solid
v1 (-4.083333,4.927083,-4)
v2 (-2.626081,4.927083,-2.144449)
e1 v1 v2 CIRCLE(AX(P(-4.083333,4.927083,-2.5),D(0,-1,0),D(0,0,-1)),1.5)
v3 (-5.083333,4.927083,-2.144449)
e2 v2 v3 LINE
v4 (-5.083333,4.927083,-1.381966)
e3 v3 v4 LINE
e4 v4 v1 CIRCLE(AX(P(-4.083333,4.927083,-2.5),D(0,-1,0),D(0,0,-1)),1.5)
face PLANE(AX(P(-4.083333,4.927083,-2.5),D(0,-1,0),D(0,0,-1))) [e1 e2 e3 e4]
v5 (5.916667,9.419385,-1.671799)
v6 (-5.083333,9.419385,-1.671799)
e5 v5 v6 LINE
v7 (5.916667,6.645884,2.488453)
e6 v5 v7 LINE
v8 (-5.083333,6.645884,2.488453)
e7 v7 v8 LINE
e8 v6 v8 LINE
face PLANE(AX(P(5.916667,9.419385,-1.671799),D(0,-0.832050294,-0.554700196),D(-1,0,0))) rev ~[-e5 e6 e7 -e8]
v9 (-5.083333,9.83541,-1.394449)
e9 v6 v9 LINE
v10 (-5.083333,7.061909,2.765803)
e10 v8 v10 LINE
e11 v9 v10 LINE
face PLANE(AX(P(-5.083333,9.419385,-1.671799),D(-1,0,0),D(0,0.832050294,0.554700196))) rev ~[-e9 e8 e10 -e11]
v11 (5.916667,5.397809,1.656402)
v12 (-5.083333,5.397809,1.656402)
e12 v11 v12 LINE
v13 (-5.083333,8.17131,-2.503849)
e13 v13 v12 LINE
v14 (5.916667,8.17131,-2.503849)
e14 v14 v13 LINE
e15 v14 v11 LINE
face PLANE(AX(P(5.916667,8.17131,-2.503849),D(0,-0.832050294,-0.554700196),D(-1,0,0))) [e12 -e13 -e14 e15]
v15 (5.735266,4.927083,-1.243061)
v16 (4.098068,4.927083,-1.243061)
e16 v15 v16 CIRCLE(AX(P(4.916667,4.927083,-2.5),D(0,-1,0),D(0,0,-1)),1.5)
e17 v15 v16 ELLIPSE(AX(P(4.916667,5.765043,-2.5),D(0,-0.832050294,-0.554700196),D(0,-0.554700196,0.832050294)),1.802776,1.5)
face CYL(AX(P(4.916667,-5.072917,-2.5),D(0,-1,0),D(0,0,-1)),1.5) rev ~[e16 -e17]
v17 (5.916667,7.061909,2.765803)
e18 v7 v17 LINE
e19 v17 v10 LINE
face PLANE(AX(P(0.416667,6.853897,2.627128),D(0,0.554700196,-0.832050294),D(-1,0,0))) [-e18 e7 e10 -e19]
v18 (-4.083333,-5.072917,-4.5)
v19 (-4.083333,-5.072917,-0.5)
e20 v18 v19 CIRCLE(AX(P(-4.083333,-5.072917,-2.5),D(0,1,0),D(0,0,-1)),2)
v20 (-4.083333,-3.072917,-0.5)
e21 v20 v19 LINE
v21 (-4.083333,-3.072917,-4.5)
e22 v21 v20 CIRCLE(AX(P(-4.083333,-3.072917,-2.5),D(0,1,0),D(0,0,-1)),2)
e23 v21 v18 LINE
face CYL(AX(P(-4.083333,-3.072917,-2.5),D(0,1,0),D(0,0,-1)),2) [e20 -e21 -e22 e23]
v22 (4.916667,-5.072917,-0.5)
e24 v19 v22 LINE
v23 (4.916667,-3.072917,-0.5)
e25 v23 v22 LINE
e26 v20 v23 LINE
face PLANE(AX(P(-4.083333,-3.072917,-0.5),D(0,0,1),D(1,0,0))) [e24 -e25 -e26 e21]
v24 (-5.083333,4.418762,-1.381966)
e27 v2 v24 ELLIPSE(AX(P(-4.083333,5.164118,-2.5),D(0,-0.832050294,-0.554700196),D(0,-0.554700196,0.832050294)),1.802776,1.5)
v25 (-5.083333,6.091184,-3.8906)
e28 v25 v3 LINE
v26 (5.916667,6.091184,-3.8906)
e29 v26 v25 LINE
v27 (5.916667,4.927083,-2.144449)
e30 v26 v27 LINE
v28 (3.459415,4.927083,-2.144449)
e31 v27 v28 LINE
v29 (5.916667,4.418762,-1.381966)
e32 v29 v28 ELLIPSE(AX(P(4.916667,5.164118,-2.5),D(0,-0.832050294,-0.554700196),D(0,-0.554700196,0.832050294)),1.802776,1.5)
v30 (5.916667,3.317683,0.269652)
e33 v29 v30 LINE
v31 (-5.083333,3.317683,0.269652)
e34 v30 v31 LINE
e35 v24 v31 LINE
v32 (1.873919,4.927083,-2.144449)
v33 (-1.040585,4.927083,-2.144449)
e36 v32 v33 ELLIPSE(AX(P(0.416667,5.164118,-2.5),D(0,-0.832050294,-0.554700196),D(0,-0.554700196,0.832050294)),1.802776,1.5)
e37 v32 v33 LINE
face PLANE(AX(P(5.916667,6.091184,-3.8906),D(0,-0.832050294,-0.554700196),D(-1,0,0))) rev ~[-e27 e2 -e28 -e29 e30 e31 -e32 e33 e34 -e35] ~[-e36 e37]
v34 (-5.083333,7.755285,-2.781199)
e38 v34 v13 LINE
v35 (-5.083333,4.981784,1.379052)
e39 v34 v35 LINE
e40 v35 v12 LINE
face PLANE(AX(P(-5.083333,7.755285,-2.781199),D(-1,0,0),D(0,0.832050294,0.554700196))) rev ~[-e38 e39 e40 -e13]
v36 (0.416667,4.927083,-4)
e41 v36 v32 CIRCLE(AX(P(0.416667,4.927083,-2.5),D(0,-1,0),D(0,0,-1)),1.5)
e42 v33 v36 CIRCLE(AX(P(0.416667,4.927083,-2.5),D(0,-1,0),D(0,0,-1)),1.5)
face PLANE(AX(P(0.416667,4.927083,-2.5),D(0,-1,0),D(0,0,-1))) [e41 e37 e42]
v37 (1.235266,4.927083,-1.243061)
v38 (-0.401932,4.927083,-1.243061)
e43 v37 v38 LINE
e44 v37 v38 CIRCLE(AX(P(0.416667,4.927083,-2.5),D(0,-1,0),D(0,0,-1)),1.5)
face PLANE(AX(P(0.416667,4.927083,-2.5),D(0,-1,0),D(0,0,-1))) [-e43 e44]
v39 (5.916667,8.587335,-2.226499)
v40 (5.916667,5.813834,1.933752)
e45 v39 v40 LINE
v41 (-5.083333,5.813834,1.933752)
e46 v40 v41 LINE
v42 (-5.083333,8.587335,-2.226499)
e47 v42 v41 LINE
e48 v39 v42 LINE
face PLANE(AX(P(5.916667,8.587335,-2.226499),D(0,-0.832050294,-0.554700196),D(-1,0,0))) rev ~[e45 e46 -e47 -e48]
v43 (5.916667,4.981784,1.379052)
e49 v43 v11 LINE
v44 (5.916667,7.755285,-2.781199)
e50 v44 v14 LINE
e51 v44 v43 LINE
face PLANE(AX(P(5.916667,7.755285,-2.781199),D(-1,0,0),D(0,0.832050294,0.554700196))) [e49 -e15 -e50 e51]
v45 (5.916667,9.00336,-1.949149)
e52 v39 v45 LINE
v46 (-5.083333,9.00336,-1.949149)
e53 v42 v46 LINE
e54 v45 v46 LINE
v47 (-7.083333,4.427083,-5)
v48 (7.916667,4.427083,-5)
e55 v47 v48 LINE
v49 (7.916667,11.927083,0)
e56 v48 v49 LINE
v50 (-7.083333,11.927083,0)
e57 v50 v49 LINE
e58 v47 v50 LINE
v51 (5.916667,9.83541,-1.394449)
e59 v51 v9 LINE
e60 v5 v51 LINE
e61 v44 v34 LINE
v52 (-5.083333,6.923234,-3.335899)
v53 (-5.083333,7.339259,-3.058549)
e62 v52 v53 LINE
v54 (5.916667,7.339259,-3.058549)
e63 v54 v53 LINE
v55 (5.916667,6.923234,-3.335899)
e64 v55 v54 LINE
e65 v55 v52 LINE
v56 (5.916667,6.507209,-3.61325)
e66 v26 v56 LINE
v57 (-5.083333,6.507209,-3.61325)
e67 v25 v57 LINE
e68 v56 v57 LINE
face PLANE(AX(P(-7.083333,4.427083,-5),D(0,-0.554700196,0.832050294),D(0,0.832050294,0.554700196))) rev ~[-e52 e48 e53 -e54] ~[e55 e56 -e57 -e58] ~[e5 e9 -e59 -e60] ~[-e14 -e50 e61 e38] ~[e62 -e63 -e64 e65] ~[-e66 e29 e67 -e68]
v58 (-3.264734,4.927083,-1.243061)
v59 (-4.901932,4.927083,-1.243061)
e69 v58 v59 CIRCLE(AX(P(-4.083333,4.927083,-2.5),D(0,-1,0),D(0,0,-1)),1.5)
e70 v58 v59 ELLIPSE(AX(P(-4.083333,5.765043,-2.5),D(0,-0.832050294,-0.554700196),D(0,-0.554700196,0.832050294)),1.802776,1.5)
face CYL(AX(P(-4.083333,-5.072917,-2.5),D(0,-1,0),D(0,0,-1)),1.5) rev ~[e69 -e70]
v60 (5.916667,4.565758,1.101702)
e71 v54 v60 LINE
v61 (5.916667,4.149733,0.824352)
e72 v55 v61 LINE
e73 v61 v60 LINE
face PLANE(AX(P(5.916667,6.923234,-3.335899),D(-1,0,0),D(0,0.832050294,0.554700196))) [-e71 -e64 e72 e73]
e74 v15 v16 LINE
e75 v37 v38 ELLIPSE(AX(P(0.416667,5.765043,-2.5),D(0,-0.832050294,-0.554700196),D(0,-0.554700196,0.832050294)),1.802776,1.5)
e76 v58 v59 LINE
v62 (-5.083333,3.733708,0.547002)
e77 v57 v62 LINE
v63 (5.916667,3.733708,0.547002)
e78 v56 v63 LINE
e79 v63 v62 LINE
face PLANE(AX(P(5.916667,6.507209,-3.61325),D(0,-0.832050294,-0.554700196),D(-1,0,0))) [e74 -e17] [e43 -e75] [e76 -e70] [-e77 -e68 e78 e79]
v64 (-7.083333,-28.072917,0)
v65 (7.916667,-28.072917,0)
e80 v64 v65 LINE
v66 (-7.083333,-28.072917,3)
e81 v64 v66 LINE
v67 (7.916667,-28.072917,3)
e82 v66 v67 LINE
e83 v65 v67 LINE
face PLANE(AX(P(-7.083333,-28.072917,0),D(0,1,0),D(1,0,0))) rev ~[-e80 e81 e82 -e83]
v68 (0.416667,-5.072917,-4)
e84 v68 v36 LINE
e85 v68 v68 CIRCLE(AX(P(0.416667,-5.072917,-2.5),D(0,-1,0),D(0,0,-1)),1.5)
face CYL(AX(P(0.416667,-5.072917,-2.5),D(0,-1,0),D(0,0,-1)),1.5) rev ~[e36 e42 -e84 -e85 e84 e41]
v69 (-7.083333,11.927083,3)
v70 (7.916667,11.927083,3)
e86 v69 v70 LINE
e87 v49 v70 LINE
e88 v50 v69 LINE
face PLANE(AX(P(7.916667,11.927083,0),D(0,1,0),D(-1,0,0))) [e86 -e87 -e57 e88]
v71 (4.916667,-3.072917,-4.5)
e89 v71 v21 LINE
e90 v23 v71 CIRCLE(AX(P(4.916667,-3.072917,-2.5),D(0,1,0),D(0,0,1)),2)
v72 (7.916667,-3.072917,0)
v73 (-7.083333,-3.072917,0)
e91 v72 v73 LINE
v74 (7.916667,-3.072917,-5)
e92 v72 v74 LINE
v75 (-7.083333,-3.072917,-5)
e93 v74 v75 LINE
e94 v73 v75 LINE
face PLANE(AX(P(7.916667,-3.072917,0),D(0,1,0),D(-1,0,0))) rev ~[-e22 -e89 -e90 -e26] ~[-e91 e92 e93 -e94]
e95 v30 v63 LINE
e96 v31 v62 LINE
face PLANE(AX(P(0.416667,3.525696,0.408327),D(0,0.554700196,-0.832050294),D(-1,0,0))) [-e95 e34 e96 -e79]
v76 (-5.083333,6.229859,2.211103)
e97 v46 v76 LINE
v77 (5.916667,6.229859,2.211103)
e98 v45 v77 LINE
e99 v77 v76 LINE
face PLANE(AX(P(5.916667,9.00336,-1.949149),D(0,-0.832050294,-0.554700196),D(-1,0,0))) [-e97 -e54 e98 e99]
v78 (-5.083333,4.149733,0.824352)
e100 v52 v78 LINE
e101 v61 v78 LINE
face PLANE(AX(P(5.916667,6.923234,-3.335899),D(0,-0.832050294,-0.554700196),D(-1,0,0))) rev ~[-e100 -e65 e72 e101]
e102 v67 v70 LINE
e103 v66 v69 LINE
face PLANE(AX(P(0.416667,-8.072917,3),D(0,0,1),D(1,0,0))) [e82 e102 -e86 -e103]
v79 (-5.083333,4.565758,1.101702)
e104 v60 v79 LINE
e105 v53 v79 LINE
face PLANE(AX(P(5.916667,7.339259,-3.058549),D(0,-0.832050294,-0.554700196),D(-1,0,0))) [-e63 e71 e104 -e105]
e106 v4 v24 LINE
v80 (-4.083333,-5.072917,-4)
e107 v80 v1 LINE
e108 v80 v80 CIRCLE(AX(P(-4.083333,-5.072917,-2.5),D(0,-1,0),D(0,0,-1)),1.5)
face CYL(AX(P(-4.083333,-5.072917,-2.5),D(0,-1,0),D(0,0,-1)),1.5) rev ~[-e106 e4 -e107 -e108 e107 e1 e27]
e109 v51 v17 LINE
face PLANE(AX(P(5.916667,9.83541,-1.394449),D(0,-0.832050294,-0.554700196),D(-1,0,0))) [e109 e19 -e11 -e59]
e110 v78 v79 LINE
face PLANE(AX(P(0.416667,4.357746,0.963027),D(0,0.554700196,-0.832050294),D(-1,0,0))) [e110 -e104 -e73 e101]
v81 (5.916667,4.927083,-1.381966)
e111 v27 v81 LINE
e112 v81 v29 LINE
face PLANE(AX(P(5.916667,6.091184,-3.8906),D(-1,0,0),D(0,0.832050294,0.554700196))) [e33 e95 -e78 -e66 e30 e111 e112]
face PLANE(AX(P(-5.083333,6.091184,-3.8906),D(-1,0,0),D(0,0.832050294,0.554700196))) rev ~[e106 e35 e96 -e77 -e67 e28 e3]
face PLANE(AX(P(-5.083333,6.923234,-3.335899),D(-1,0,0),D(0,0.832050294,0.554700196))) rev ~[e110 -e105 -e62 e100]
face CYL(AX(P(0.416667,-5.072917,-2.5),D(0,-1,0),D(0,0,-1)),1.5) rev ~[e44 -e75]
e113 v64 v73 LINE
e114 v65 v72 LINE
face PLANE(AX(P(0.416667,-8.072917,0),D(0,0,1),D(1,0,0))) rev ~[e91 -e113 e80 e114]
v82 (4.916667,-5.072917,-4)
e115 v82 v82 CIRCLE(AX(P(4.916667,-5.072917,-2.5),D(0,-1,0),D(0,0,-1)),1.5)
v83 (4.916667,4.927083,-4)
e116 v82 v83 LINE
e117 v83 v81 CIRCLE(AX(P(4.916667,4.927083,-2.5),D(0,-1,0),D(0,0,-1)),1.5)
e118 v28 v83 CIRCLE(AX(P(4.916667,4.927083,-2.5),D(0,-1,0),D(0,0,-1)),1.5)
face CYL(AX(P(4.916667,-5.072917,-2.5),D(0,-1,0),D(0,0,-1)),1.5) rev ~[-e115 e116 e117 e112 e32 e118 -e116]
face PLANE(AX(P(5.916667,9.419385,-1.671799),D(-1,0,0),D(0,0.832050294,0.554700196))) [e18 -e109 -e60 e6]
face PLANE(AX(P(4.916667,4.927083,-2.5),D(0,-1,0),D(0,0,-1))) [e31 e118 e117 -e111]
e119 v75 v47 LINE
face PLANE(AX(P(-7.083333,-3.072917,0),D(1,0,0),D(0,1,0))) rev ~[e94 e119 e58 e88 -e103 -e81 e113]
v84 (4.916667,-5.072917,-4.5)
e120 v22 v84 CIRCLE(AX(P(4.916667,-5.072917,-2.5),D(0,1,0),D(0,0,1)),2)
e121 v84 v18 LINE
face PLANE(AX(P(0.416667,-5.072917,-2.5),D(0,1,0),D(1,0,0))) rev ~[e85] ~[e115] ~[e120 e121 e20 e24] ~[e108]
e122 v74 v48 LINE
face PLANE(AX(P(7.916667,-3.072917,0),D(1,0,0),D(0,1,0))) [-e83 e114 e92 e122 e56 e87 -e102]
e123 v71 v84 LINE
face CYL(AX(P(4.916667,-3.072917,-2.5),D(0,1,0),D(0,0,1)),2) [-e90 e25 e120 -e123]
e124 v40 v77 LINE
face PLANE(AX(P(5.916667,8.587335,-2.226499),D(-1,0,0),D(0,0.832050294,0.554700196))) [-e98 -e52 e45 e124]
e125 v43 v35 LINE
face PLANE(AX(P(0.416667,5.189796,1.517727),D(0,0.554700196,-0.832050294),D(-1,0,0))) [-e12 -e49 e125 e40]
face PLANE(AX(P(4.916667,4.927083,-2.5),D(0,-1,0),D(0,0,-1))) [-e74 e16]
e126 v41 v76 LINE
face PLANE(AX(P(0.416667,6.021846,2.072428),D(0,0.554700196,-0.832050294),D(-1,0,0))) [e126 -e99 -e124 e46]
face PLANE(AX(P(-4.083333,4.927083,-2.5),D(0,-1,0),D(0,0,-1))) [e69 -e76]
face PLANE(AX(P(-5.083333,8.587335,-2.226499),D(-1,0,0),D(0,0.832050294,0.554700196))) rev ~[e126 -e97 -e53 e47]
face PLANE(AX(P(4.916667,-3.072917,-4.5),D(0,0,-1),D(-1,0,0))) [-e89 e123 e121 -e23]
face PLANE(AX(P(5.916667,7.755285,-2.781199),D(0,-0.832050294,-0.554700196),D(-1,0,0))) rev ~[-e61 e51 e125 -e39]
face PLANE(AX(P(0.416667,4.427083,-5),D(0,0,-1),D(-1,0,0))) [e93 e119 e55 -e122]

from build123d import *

# Parameters (mm, degrees)
SKETCH1_W           = 15
SKETCH1_H           = 40
BOSS_EXTRUDE2_DEPTH = 3
SKETCH2_W           = 15
SKETCH2_H           = 15
BOSS_EXTRUDE5_DEPTH = 5
CUT_EXTRUDE9_DEPTH  = 15
SKETCH14_W          = 11
SKETCH14_H          = 0.5
CUT_EXTRUDE10_DEPTH = 5
BOSS_EXTRUDE9_DEPTH = 2
SKETCH18_R          = 1.5
CUT_EXTRUDE11_DEPTH = 10


with BuildPart() as part:
    # Sketch1 → Boss-Extrude2 (new body)
    with BuildSketch(Plane.XY):
        with Locations((0.416666667, -8.072916667)):
            Rectangle(SKETCH1_W, SKETCH1_H)
    extrude(amount=BOSS_EXTRUDE2_DEPTH)

    # Sketch2 → Boss-Extrude5 (add)
    with BuildSketch(Plane(origin=(0, 0, 0), x_dir=(-1, 0, 0), z_dir=(0, 0, -1))):
        with Locations((-0.416666667, 4.427083333)):
            Rectangle(SKETCH2_W, SKETCH2_H)
    extrude(amount=BOSS_EXTRUDE5_DEPTH)

    # Sketch12 → Cut-Extrude9 (cut)
    with BuildSketch(Plane.ZY.offset(7.083333333)):
        Polygon((-5, 11.927083333), (-5, 4.427083333), (0, 11.927083333), align=None)
    extrude(amount=-CUT_EXTRUDE9_DEPTH, mode=Mode.SUBTRACT)

    # Sketch14 → Cut-Extrude10 (cut)
    with BuildSketch(Plane(origin=(0, 3.669871795, -5.504807692), x_dir=(-1, 0, 0), z_dir=(0, 0.5547001962252293, -0.8320502943378436))):
        with Locations((-0.416666667, 3.160055009)):
            Rectangle(SKETCH14_W, SKETCH14_H)
        with Locations((-0.416666667, 4.160055009)):
            Rectangle(SKETCH14_W, SKETCH14_H)
        with Locations((-0.416666667, 5.160055009)):
            Rectangle(SKETCH14_W, SKETCH14_H)
        with Locations((-0.416666667, 6.160055009)):
            Rectangle(SKETCH14_W, SKETCH14_H)
        with Locations((-0.416666667, 7.160055009)):
            Rectangle(SKETCH14_W, SKETCH14_H)
    extrude(amount=-CUT_EXTRUDE10_DEPTH, mode=Mode.SUBTRACT)

    # Sketch17 → Boss-Extrude9 (add)
    with BuildSketch(Plane(origin=(0, -3.072916667, 0), x_dir=(-1, 0, 0), z_dir=(0, -1, 0))):
        with BuildLine():
            Line((-4.916666667, 4.5), (4.083333333, 4.5))
            ThreePointArc((4.083333333, 4.5), (6.083333333, 2.5), (4.083333333, 0.5))
            Line((4.083333333, 0.5), (-4.916666667, 0.5))
            ThreePointArc((-4.916666667, 0.5), (-6.916666667, 2.5), (-4.916666667, 4.5))
        make_face()
    extrude(amount=BOSS_EXTRUDE9_DEPTH)

    # Sketch18 → Cut-Extrude11 (cut)
    with BuildSketch(Plane.XZ.offset(5.072916667)):
        with Locations(Location((-4.083333333, -2.5, 0), (0, 0, 270))):
            Circle(SKETCH18_R)
        with Locations(Location((4.916666667, -2.5, 0), (0, 0, 270))):
            Circle(SKETCH18_R)
        with Locations(Location((0.416666667, -2.5, 0), (0, 0, 270))):
            Circle(SKETCH18_R)
    extrude(amount=-CUT_EXTRUDE11_DEPTH, mode=Mode.SUBTRACT)


solid = part.part
